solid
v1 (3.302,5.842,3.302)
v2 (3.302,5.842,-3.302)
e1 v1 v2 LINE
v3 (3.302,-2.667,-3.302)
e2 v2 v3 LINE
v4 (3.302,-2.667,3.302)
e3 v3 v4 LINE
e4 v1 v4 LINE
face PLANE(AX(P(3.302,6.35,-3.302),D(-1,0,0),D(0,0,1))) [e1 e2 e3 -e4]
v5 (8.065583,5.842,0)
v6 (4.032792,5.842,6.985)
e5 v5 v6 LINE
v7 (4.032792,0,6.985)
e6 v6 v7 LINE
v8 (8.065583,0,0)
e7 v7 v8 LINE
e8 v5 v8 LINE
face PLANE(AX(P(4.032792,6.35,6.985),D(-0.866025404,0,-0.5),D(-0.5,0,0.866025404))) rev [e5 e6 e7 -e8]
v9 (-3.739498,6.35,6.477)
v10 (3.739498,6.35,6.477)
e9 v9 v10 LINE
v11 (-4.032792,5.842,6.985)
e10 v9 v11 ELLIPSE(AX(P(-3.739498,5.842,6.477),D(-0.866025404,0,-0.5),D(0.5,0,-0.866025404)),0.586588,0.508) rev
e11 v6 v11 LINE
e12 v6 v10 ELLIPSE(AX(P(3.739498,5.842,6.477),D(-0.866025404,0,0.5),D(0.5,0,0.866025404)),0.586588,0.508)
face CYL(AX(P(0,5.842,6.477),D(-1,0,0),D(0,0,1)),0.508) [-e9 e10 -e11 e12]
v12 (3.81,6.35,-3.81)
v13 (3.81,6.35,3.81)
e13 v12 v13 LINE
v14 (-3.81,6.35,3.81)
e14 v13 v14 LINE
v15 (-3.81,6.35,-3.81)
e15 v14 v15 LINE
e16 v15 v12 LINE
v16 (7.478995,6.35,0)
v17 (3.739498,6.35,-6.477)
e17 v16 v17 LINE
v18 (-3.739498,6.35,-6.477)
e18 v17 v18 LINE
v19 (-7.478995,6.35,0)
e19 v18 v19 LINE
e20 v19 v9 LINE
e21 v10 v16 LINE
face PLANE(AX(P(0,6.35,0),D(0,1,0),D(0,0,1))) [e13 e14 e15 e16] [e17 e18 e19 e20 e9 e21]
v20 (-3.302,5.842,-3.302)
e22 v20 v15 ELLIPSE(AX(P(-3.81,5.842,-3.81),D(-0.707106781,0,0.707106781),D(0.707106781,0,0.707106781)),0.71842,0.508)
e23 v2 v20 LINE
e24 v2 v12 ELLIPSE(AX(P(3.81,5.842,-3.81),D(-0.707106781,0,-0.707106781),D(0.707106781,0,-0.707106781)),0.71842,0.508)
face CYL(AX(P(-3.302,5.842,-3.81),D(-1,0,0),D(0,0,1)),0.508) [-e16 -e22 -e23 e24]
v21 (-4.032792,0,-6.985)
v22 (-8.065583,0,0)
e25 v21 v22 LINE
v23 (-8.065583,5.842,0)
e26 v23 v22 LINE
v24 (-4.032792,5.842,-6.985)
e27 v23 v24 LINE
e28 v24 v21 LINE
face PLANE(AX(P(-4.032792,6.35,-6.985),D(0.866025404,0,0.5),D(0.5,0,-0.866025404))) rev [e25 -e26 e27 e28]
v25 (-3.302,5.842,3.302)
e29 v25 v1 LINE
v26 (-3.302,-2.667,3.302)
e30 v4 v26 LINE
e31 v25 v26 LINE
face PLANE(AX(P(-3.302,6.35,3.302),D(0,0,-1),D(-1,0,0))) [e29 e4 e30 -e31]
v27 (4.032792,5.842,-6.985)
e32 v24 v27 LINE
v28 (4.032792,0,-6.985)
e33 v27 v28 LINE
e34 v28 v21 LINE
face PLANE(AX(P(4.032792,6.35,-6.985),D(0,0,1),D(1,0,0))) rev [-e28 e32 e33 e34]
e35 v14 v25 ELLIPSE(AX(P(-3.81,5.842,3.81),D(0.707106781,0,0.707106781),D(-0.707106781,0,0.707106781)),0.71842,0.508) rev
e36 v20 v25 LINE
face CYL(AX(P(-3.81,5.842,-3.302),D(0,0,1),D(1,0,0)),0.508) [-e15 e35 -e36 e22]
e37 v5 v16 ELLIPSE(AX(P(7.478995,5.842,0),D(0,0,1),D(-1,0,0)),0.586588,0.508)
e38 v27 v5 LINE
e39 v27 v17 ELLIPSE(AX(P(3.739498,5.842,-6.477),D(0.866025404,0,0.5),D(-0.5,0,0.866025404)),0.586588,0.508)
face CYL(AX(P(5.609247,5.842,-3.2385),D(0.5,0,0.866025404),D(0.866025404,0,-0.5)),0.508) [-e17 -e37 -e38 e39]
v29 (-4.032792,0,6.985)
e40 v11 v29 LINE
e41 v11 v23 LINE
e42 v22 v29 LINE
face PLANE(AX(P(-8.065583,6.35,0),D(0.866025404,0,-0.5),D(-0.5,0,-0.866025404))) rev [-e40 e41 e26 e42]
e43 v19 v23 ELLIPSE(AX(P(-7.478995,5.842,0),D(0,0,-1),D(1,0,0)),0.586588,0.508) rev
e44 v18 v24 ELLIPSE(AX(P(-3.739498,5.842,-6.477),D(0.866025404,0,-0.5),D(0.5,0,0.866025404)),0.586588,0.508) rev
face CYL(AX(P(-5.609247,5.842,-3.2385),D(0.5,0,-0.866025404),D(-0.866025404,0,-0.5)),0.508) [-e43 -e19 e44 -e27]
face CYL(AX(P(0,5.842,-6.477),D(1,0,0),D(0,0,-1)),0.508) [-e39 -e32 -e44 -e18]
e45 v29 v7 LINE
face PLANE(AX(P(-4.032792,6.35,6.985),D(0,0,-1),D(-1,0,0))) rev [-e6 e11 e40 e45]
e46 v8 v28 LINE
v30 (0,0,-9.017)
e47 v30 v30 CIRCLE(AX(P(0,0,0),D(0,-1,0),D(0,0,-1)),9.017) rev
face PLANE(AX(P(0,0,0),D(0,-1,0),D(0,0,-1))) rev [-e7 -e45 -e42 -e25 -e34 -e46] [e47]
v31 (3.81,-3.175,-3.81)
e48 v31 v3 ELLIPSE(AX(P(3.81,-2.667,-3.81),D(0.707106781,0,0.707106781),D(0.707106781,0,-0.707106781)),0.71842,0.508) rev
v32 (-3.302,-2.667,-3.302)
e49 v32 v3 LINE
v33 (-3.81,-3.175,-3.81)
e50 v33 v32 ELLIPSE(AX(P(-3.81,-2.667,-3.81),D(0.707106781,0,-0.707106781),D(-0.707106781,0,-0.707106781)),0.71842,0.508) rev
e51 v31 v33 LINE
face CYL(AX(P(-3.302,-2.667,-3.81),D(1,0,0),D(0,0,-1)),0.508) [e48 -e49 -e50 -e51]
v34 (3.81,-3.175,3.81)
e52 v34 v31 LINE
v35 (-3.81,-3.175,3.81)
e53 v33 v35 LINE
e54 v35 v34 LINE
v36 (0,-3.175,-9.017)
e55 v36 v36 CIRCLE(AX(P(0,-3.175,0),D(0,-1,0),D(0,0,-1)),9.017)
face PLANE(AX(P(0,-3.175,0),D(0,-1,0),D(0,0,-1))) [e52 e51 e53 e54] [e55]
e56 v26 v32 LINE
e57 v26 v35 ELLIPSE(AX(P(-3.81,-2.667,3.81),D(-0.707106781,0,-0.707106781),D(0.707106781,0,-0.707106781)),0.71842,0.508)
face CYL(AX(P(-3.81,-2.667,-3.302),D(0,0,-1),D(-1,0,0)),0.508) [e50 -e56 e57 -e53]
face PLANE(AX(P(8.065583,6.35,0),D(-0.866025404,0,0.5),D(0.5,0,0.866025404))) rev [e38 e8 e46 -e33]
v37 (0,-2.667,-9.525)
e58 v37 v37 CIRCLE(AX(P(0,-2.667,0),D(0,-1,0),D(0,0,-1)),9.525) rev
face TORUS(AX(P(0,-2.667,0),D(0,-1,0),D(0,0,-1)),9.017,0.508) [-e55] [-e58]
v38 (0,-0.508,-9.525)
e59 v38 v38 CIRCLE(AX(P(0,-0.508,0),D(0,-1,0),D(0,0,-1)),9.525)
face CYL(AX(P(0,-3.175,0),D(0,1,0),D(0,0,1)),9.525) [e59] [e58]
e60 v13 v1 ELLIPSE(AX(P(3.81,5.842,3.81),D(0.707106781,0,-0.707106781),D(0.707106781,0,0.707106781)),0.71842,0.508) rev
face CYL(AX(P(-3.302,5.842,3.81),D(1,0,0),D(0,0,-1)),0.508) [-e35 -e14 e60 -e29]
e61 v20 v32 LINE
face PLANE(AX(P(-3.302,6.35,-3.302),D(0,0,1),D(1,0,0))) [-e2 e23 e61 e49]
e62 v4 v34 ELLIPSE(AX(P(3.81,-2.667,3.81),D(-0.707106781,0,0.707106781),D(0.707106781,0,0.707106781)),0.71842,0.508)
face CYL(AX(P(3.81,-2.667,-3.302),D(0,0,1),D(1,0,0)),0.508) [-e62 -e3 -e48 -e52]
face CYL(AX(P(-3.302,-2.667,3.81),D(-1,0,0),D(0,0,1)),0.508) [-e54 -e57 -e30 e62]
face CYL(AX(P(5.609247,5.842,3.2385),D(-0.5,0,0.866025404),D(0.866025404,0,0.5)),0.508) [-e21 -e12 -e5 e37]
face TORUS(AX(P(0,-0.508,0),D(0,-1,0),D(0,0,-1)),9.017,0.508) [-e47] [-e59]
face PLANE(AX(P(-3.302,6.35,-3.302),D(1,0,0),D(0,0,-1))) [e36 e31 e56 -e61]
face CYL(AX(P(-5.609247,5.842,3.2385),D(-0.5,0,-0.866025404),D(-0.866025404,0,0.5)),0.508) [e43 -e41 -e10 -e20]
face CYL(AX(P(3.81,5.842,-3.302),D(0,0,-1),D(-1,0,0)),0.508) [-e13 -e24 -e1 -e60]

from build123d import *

# Parameters (mm, degrees)
SKETCH1_W           = 6.604
SKETCH1_H           = 6.604
BOSS_EXTRUDE1_DEPTH = 6.35
SKETCH2_R           = 9.525
SKETCH2_W           = 6.604
SKETCH2_H           = 6.604
BOSS_EXTRUDE2_DEPTH = 3.175
FILLET1_R           = 0.508


with BuildPart() as part:
    # Sketch1 → Boss-Extrude1 (new body)
    with BuildSketch(Plane(origin=(0, 0, 0), x_dir=(1, 0, 0), z_dir=(0, 1, 0))):
        Polygon((8.065583261, 0), (4.03279163, 6.985), (-4.03279163, 6.985), (-8.065583261, 0), (-4.03279163, -6.985), (4.03279163, -6.985), align=None)
        Rectangle(SKETCH1_W, SKETCH1_H, mode=Mode.SUBTRACT)
    extrude(amount=BOSS_EXTRUDE1_DEPTH)

    # Sketch2 → Boss-Extrude2 (add)
    with BuildSketch(Plane.XZ):
        with Locations(Location((0, 0, 0), (0, 0, 270))):
            Circle(SKETCH2_R)
        Rectangle(SKETCH2_W, SKETCH2_H, mode=Mode.SUBTRACT)
    extrude(amount=BOSS_EXTRUDE2_DEPTH)

    # Fillet1
    fillet1_edges = [part.edges().sort_by_distance(p)[0] for p in [
        (0, 6.35, -6.985),
        (-6.049187445, 6.35, -3.4925),
        (-6.049187445, 6.35, 3.4925),
        (3.302, 6.35, 0),
        (0, 6.35, -3.302),
        (-3.302, 6.35, 0),
        (0, 6.35, 3.302),
        (0, 6.35, 6.985),
        (0, -3.175, 9.525),
        (0, 0, 9.525),
        (3.302, -3.175, 0),
        (0, -3.175, 3.302),
        (-3.302, -3.175, 0),
        (0, -3.175, -3.302),
        (6.049187445, 6.35, 3.4925),
        (6.049187445, 6.35, -3.4925),
    ]]
    fillet(fillet1_edges, radius=FILLET1_R)


solid = part.part
